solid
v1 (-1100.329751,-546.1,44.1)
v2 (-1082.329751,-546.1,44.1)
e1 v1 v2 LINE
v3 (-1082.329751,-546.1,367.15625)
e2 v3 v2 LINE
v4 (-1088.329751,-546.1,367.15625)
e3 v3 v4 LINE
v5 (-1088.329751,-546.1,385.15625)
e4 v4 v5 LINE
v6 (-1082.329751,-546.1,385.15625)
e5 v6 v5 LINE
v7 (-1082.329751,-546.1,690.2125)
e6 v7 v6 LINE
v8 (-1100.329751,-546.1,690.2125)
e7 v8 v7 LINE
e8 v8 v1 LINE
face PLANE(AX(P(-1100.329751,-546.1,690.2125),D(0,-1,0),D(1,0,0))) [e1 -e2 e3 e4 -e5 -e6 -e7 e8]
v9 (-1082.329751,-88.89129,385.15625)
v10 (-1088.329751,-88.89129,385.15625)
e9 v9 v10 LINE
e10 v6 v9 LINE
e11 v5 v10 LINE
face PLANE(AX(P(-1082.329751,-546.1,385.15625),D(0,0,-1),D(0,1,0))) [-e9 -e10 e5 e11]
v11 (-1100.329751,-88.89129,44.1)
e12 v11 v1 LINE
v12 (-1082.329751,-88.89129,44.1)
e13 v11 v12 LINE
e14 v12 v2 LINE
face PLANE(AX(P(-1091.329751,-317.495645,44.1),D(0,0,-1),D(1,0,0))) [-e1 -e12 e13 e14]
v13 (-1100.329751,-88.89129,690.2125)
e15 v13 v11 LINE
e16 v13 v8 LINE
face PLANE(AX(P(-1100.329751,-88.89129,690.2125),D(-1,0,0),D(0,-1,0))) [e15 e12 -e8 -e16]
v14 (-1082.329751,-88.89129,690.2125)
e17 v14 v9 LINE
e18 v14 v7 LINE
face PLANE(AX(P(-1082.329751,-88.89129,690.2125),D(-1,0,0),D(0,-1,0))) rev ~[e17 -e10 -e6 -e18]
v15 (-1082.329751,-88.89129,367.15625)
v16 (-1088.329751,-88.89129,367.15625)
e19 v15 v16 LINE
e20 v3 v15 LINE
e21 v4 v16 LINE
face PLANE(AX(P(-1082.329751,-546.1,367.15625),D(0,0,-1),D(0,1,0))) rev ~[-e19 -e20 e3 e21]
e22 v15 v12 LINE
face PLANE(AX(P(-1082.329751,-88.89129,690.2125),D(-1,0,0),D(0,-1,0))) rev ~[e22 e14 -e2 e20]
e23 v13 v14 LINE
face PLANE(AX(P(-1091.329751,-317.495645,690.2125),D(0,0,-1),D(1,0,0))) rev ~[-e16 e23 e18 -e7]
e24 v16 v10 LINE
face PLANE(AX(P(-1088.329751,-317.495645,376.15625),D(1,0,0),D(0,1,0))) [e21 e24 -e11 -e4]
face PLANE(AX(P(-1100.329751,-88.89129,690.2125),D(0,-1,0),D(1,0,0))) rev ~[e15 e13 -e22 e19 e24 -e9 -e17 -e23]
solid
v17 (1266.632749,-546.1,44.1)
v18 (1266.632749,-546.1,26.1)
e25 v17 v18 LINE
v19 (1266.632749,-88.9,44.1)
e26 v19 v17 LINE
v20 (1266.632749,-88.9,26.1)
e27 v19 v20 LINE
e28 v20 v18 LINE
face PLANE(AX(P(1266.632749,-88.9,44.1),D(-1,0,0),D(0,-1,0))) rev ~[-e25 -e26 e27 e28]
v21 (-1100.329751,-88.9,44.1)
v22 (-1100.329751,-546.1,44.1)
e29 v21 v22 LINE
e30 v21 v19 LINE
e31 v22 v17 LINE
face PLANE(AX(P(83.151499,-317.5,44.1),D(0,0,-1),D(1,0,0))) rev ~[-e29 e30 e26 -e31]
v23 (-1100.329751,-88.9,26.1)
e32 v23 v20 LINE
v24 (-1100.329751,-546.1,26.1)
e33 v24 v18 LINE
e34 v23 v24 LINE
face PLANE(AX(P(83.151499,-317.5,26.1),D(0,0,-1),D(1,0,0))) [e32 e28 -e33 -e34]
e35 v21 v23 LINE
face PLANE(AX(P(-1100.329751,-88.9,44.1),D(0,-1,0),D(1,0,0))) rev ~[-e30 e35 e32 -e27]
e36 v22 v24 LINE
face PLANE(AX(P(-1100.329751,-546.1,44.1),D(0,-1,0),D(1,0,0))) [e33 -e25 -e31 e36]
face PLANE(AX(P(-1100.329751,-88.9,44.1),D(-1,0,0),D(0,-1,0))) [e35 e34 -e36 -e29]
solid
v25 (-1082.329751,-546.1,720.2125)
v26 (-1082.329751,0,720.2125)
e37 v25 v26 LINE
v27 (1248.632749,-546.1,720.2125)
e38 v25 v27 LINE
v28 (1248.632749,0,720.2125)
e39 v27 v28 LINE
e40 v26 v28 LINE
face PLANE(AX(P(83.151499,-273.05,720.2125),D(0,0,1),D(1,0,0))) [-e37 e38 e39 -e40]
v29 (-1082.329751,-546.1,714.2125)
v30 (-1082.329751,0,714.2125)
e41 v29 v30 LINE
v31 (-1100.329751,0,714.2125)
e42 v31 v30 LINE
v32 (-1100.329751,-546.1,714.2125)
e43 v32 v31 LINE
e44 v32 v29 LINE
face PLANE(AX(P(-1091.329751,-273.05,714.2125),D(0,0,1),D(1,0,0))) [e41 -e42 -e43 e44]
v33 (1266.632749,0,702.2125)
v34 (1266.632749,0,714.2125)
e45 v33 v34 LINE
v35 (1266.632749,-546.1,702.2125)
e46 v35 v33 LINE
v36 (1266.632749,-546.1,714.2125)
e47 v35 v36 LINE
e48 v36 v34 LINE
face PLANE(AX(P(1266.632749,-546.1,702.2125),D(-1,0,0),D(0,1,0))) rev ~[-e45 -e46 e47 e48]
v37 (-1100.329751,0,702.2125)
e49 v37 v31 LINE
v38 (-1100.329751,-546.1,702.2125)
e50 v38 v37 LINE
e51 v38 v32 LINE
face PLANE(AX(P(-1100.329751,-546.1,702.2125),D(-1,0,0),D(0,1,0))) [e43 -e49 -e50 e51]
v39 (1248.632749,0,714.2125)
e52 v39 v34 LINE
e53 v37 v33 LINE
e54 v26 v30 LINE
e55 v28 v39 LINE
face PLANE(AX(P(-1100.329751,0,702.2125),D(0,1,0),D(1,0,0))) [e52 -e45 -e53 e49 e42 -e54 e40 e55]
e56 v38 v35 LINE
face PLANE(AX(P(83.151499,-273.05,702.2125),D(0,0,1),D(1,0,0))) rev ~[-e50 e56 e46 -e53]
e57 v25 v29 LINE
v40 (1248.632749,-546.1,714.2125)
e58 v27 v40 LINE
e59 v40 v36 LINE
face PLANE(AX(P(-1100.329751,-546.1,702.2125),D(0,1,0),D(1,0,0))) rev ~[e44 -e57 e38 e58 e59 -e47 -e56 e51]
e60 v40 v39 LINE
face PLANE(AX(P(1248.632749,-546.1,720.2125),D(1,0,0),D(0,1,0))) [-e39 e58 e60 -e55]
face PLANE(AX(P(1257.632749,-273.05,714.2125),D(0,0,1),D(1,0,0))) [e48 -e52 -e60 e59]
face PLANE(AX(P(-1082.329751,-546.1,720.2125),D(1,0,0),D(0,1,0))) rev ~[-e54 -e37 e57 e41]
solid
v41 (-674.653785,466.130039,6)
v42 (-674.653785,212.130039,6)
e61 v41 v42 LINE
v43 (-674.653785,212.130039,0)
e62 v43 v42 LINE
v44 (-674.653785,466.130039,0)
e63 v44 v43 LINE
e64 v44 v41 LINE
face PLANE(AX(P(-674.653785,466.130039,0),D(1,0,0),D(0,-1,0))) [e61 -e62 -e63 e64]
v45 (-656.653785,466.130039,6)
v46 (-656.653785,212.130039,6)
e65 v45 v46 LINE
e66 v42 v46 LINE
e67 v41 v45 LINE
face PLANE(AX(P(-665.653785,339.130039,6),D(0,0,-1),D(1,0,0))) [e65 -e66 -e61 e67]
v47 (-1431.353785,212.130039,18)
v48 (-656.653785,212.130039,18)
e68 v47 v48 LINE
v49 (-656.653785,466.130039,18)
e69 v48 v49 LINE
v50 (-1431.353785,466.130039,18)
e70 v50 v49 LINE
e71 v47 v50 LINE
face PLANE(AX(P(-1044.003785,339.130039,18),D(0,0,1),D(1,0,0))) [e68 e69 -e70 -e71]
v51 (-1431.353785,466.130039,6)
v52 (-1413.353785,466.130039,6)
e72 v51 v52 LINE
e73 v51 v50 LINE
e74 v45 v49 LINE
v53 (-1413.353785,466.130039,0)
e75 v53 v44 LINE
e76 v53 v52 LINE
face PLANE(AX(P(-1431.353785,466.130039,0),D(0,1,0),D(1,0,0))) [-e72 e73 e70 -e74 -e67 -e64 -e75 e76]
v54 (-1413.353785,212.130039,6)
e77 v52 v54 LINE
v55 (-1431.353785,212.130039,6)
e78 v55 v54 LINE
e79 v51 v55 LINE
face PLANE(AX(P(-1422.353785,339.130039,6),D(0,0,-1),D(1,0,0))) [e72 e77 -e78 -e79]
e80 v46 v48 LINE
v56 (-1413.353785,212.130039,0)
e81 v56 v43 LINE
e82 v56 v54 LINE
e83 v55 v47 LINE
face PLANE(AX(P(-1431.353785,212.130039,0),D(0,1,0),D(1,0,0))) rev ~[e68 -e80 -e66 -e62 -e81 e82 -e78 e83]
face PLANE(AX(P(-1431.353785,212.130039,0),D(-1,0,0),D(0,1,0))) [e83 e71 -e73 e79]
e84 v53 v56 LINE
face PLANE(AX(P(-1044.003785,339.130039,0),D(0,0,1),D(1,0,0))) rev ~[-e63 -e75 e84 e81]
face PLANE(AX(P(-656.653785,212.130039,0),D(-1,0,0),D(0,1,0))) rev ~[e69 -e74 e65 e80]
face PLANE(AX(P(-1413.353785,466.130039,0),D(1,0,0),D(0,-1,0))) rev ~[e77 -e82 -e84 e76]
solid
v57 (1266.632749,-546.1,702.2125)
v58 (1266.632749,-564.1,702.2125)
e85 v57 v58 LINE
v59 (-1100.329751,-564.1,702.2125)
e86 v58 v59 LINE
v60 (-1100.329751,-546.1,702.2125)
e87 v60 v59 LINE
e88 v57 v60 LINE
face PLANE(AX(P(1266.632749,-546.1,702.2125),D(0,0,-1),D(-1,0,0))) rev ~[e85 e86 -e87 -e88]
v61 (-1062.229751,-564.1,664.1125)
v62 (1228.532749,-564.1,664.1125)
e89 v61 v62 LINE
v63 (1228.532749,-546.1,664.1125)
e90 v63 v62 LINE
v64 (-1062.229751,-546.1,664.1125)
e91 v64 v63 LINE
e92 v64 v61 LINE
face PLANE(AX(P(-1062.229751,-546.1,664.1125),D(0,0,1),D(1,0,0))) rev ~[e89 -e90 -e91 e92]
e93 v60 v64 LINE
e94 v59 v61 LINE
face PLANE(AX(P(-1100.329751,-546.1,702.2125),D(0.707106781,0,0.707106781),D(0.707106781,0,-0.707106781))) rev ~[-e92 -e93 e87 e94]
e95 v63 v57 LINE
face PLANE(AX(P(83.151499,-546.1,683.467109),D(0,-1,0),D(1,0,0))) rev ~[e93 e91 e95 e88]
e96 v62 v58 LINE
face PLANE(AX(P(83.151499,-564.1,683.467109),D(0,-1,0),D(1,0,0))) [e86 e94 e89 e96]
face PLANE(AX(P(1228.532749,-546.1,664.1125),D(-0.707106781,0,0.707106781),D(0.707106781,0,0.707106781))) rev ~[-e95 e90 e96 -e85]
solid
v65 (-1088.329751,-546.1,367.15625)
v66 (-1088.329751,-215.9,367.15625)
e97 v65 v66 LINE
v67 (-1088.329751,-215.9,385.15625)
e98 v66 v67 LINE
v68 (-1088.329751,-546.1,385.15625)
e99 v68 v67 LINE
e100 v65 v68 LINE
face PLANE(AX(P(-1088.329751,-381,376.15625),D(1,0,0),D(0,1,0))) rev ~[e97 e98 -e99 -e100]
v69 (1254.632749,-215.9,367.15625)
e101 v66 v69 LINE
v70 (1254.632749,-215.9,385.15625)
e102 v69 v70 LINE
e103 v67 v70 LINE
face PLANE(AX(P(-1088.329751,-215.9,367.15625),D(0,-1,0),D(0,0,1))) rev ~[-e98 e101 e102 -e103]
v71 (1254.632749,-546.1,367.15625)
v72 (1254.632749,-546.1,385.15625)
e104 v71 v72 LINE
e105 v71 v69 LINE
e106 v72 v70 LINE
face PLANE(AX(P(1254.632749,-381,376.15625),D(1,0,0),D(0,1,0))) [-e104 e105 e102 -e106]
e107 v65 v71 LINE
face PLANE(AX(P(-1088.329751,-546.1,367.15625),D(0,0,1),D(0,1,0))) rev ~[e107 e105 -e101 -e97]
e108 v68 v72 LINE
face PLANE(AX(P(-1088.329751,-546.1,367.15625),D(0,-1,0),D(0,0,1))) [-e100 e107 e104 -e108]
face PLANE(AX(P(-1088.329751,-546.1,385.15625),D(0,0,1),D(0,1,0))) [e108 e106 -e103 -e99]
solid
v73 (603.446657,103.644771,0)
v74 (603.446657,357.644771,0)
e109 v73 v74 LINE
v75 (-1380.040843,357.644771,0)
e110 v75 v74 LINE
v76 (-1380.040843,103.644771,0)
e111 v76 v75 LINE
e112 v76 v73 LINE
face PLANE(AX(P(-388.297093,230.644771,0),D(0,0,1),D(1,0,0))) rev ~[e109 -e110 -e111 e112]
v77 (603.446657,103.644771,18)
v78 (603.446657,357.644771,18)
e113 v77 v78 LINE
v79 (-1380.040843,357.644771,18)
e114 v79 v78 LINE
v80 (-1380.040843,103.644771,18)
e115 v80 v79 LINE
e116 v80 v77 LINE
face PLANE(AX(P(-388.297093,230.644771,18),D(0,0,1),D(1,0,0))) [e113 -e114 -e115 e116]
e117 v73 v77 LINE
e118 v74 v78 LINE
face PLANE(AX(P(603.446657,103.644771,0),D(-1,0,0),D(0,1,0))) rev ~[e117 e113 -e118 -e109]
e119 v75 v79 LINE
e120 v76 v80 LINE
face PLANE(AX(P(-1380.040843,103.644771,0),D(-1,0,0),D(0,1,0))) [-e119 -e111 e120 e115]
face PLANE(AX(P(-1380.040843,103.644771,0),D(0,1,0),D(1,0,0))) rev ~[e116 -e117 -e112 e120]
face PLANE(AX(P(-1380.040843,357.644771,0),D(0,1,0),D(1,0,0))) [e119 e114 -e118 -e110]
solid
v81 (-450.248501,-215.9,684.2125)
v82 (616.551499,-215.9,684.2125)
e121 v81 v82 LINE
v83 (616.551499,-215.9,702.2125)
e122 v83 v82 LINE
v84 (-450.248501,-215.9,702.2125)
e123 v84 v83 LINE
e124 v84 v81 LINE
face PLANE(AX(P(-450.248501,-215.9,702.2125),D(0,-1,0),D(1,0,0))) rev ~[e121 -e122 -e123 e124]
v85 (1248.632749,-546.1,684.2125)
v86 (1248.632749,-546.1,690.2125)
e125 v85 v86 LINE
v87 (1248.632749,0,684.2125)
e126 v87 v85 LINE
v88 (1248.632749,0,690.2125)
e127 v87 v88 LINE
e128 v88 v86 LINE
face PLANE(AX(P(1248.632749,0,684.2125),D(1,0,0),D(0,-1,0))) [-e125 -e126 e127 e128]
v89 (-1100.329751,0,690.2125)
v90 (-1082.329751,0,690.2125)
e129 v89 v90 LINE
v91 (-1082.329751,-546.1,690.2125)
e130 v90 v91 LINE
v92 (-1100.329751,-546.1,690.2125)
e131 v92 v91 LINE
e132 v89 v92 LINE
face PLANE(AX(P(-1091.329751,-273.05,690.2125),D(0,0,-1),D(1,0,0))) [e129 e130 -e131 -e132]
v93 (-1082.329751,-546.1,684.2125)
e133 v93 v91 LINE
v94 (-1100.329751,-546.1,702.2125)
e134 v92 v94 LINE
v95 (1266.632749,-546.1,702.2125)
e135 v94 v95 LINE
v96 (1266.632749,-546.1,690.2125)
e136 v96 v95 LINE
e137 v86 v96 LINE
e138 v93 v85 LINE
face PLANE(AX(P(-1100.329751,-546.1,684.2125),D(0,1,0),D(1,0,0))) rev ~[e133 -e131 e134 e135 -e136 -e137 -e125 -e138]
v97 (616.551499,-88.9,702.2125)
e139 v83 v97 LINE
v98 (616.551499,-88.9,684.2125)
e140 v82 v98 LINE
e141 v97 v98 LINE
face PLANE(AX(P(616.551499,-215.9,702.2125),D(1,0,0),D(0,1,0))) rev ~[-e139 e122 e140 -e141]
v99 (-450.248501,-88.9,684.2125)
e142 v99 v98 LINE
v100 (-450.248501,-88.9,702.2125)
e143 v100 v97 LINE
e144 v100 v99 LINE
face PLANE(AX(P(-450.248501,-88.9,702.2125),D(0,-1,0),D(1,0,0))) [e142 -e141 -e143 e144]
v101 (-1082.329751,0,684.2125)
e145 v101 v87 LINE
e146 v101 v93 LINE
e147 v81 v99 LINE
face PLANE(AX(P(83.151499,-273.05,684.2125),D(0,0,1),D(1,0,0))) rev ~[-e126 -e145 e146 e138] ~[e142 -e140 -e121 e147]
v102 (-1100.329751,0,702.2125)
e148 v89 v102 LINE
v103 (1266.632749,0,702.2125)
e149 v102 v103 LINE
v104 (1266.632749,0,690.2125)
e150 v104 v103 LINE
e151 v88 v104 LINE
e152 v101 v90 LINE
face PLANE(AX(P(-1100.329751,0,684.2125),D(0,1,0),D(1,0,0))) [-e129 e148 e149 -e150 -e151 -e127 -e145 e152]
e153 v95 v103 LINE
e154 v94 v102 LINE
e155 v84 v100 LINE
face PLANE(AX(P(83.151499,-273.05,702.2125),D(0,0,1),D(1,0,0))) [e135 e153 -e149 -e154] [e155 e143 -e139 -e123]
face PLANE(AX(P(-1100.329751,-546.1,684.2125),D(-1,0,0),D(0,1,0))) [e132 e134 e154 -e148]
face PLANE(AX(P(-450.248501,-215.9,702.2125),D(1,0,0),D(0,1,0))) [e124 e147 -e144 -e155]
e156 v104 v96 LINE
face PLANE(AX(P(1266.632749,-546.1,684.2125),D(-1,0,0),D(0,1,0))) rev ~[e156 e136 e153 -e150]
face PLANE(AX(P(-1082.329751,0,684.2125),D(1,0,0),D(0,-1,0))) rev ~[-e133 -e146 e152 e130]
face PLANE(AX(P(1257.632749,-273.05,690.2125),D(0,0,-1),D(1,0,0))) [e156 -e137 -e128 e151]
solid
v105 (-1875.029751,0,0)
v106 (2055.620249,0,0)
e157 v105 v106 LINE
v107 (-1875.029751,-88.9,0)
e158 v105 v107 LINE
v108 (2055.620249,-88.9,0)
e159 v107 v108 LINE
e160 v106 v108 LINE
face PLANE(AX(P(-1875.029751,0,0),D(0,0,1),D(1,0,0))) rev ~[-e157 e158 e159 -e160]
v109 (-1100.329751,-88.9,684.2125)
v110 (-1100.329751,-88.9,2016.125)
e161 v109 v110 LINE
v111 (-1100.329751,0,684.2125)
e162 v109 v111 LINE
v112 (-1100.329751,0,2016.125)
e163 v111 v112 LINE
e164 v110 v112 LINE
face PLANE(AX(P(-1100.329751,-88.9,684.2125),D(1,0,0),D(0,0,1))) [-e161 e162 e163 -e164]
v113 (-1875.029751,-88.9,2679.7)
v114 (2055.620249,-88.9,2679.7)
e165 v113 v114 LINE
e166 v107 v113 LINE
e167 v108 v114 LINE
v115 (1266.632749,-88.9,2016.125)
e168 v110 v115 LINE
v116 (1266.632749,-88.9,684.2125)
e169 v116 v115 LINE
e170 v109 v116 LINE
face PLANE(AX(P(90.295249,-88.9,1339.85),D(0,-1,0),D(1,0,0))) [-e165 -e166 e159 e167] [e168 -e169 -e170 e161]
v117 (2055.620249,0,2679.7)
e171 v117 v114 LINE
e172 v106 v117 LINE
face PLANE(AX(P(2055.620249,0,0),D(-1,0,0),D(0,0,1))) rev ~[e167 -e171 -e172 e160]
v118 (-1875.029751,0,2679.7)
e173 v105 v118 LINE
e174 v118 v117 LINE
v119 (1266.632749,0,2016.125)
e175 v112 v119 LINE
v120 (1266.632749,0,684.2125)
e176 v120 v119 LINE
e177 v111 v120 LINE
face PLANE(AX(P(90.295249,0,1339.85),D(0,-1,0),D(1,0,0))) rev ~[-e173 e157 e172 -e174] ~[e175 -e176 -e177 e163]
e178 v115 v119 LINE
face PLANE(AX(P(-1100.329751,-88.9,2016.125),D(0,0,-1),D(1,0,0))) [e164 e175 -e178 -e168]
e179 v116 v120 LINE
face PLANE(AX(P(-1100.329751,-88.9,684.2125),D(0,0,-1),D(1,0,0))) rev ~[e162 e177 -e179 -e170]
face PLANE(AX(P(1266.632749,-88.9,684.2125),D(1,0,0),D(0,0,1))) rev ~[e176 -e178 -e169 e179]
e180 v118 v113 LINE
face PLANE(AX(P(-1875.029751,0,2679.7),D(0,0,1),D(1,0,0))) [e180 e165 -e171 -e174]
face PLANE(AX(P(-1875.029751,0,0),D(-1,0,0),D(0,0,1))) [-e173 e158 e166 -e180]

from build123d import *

# Parameters (mm, degrees)
F5_W      = 3930.65
F5_H      = 2679.7
F6_DEPTH  = 88.9
F7_W      = 2366.9625
F7_H      = 1331.9125
F8_DEPTH  = 101.6
F9_W      = 2366.9625
F9_H      = 546.1
F10_DEPTH = 18
F11_W     = 18
F11_H     = 546.1
F12_DEPTH = 6
F13_W     = 1066.8
F13_H     = 127
F14_DEPTH = 25.4
F15_W     = 18
F15_H     = 457.2087098718
F16_DEPTH = 646.1125
F18_DEPTH = 18
F19_W     = 457.2087098718
F19_H     = 18
F20_DEPTH = 6
F21_W     = 330.2
F21_H     = 18
F22_DEPTH = 2342.9625
F23_W     = 2366.9625
F23_H     = 457.2
F24_DEPTH = 18
F26_W     = 2366.9625
F26_H     = 546.1
F27_DEPTH = 18
F28_W     = 18
F28_H     = 546.1
F29_DEPTH = 6
F30_W     = 774.7
F30_H     = 254
F31_DEPTH = 18
F32_W     = 18
F32_H     = 254
F33_DEPTH = 6
F34_W     = 1983.4875
F34_H     = 254
F35_DEPTH = 18
F36_W     = 2366.9625
F36_H     = 457.2
F37_DEPTH = 18


with BuildPart() as f6:
    # F5 (on Front) → F6 (new body)
    with BuildSketch(Plane.XZ):
        with Locations((90.2952486297, 1339.85)):
            Rectangle(F5_W, F5_H)
    extrude(amount=F6_DEPTH)

    # F7 (on face) → F8 (cut)
    with BuildSketch(Plane.XZ.offset(88.9)):
        with Locations((83.1514986297, 1350.16875)):
            Rectangle(F7_W, F7_H)
    extrude(amount=-F8_DEPTH, mode=Mode.SUBTRACT)


with BuildPart() as f10:
    # F9 (on face) → F10 (new body)
    with BuildSketch(Plane.XY.offset(684.2125)):
        with Locations((83.1514986297, -273.05)):
            Rectangle(F9_W, F9_H)
    extrude(amount=F10_DEPTH)

    # F11 (on face) → F12 (cut)
    with BuildSketch(Plane(origin=(0, 0, 684.2125), x_dir=(1, 0, 0), z_dir=(0, 0, -1))):
        with Locations((-1091.3297513703, 273.05)):
            Rectangle(F11_W, F11_H)
        with Locations((1257.6327486297, 273.05)):
            Rectangle(F11_W, F11_H)
    extrude(amount=-F12_DEPTH, mode=Mode.SUBTRACT)

    # F13 (on face) → F14 (cut)
    with BuildSketch(Plane.XY.offset(702.2125)):
        with Locations((83.1514986297, -152.4)):
            Rectangle(F13_W, F13_H)
    extrude(amount=-F14_DEPTH, mode=Mode.SUBTRACT)


with BuildPart() as f16:
    # F15 (on face) → F16 (new body)
    with BuildSketch(Plane(origin=(0, 0, 690.2125), x_dir=(1, 0, 0), z_dir=(0, 0, -1))):
        with Locations((-1091.3297513703, 317.4956450641)):
            Rectangle(F15_W, F15_H)
    extrude(amount=F16_DEPTH)

    # F19 (on face) → F20 (cut)
    with BuildSketch(Plane.YZ.offset(-1082.3297513703)):
        with Locations((-317.4956450641, 376.15625)):
            Rectangle(F19_W, F19_H)
    extrude(amount=-F20_DEPTH, mode=Mode.SUBTRACT)


with BuildPart() as f18:
    # F17 (on face) → F18 (new body)
    with BuildSketch(Plane.XZ.offset(546.1)):
        Polygon((1266.6327486297, 702.2125), (-1100.3297513703, 702.2125), (-1062.2297513703, 664.1125), (1228.5327486297, 664.1125), align=None)
    extrude(amount=F18_DEPTH)


with BuildPart() as f22:
    # F21 (on face) → F22 (new body)
    with BuildSketch(Plane.YZ.offset(-1088.3297513703)):
        with Locations((-381, 376.15625)):
            Rectangle(F21_W, F21_H)
    extrude(amount=F22_DEPTH)


with BuildPart() as f24:
    # F23 (on face) → F24 (new body)
    with BuildSketch(Plane(origin=(0, 0, 0), x_dir=(1, 0, 0), z_dir=(0, 0, -1))):
        with Locations((82.3105909348, 317.5)):
            Rectangle(F23_W, F23_H)
    extrude(amount=-F24_DEPTH)


with BuildPart() as f27:
    # F26 (on face) → F27 (new body)
    with BuildSketch(Plane.XY.offset(702.2125)):
        with Locations((83.1514986297, -273.05)):
            Rectangle(F26_W, F26_H)
    extrude(amount=F27_DEPTH)

    # F28 (on face) → F29 (cut)
    with BuildSketch(Plane.XY.offset(720.2125)):
        with Locations((-1091.3297513703, -273.05)):
            Rectangle(F28_W, F28_H)
        with Locations((1257.6327486297, -273.05)):
            Rectangle(F28_W, F28_H)
    extrude(amount=-F29_DEPTH, mode=Mode.SUBTRACT)


with BuildPart() as f31:
    # F30 (on Top) → F31 (new body)
    with BuildSketch(Plane.XY):
        with Locations((-1044.0037846565, 339.1300391686)):
            Rectangle(F30_W, F30_H)
    extrude(amount=F31_DEPTH)

    # F32 (on face) → F33 (cut)
    with BuildSketch(Plane(origin=(0, 0, 0), x_dir=(1, 0, 0), z_dir=(0, 0, -1))):
        with Locations((-1422.3537846565, -339.1300391686)):
            Rectangle(F32_W, F32_H)
        with Locations((-665.6537846565, -339.1300391686)):
            Rectangle(F32_W, F32_H)
    extrude(amount=-F33_DEPTH, mode=Mode.SUBTRACT)


with BuildPart() as f35:
    # F34 (on Top) → F35 (new body)
    with BuildSketch(Plane.XY):
        with Locations((-388.2970929861, 230.6447712948)):
            Rectangle(F34_W, F34_H)
    extrude(amount=F35_DEPTH)


with BuildPart() as f37:
    # F36 (on face) → F37 (new body)
    with BuildSketch(Plane(origin=(0, 0, 44.1), x_dir=(1, 0, 0), z_dir=(0, 0, -1))):
        with Locations((83.1514986297, 317.5)):
            Rectangle(F36_W, F36_H)
    extrude(amount=F37_DEPTH)


solid = Compound([f6.part, f10.part, f16.part, f18.part, f22.part, f27.part, f31.part, f35.part, f37.part])
